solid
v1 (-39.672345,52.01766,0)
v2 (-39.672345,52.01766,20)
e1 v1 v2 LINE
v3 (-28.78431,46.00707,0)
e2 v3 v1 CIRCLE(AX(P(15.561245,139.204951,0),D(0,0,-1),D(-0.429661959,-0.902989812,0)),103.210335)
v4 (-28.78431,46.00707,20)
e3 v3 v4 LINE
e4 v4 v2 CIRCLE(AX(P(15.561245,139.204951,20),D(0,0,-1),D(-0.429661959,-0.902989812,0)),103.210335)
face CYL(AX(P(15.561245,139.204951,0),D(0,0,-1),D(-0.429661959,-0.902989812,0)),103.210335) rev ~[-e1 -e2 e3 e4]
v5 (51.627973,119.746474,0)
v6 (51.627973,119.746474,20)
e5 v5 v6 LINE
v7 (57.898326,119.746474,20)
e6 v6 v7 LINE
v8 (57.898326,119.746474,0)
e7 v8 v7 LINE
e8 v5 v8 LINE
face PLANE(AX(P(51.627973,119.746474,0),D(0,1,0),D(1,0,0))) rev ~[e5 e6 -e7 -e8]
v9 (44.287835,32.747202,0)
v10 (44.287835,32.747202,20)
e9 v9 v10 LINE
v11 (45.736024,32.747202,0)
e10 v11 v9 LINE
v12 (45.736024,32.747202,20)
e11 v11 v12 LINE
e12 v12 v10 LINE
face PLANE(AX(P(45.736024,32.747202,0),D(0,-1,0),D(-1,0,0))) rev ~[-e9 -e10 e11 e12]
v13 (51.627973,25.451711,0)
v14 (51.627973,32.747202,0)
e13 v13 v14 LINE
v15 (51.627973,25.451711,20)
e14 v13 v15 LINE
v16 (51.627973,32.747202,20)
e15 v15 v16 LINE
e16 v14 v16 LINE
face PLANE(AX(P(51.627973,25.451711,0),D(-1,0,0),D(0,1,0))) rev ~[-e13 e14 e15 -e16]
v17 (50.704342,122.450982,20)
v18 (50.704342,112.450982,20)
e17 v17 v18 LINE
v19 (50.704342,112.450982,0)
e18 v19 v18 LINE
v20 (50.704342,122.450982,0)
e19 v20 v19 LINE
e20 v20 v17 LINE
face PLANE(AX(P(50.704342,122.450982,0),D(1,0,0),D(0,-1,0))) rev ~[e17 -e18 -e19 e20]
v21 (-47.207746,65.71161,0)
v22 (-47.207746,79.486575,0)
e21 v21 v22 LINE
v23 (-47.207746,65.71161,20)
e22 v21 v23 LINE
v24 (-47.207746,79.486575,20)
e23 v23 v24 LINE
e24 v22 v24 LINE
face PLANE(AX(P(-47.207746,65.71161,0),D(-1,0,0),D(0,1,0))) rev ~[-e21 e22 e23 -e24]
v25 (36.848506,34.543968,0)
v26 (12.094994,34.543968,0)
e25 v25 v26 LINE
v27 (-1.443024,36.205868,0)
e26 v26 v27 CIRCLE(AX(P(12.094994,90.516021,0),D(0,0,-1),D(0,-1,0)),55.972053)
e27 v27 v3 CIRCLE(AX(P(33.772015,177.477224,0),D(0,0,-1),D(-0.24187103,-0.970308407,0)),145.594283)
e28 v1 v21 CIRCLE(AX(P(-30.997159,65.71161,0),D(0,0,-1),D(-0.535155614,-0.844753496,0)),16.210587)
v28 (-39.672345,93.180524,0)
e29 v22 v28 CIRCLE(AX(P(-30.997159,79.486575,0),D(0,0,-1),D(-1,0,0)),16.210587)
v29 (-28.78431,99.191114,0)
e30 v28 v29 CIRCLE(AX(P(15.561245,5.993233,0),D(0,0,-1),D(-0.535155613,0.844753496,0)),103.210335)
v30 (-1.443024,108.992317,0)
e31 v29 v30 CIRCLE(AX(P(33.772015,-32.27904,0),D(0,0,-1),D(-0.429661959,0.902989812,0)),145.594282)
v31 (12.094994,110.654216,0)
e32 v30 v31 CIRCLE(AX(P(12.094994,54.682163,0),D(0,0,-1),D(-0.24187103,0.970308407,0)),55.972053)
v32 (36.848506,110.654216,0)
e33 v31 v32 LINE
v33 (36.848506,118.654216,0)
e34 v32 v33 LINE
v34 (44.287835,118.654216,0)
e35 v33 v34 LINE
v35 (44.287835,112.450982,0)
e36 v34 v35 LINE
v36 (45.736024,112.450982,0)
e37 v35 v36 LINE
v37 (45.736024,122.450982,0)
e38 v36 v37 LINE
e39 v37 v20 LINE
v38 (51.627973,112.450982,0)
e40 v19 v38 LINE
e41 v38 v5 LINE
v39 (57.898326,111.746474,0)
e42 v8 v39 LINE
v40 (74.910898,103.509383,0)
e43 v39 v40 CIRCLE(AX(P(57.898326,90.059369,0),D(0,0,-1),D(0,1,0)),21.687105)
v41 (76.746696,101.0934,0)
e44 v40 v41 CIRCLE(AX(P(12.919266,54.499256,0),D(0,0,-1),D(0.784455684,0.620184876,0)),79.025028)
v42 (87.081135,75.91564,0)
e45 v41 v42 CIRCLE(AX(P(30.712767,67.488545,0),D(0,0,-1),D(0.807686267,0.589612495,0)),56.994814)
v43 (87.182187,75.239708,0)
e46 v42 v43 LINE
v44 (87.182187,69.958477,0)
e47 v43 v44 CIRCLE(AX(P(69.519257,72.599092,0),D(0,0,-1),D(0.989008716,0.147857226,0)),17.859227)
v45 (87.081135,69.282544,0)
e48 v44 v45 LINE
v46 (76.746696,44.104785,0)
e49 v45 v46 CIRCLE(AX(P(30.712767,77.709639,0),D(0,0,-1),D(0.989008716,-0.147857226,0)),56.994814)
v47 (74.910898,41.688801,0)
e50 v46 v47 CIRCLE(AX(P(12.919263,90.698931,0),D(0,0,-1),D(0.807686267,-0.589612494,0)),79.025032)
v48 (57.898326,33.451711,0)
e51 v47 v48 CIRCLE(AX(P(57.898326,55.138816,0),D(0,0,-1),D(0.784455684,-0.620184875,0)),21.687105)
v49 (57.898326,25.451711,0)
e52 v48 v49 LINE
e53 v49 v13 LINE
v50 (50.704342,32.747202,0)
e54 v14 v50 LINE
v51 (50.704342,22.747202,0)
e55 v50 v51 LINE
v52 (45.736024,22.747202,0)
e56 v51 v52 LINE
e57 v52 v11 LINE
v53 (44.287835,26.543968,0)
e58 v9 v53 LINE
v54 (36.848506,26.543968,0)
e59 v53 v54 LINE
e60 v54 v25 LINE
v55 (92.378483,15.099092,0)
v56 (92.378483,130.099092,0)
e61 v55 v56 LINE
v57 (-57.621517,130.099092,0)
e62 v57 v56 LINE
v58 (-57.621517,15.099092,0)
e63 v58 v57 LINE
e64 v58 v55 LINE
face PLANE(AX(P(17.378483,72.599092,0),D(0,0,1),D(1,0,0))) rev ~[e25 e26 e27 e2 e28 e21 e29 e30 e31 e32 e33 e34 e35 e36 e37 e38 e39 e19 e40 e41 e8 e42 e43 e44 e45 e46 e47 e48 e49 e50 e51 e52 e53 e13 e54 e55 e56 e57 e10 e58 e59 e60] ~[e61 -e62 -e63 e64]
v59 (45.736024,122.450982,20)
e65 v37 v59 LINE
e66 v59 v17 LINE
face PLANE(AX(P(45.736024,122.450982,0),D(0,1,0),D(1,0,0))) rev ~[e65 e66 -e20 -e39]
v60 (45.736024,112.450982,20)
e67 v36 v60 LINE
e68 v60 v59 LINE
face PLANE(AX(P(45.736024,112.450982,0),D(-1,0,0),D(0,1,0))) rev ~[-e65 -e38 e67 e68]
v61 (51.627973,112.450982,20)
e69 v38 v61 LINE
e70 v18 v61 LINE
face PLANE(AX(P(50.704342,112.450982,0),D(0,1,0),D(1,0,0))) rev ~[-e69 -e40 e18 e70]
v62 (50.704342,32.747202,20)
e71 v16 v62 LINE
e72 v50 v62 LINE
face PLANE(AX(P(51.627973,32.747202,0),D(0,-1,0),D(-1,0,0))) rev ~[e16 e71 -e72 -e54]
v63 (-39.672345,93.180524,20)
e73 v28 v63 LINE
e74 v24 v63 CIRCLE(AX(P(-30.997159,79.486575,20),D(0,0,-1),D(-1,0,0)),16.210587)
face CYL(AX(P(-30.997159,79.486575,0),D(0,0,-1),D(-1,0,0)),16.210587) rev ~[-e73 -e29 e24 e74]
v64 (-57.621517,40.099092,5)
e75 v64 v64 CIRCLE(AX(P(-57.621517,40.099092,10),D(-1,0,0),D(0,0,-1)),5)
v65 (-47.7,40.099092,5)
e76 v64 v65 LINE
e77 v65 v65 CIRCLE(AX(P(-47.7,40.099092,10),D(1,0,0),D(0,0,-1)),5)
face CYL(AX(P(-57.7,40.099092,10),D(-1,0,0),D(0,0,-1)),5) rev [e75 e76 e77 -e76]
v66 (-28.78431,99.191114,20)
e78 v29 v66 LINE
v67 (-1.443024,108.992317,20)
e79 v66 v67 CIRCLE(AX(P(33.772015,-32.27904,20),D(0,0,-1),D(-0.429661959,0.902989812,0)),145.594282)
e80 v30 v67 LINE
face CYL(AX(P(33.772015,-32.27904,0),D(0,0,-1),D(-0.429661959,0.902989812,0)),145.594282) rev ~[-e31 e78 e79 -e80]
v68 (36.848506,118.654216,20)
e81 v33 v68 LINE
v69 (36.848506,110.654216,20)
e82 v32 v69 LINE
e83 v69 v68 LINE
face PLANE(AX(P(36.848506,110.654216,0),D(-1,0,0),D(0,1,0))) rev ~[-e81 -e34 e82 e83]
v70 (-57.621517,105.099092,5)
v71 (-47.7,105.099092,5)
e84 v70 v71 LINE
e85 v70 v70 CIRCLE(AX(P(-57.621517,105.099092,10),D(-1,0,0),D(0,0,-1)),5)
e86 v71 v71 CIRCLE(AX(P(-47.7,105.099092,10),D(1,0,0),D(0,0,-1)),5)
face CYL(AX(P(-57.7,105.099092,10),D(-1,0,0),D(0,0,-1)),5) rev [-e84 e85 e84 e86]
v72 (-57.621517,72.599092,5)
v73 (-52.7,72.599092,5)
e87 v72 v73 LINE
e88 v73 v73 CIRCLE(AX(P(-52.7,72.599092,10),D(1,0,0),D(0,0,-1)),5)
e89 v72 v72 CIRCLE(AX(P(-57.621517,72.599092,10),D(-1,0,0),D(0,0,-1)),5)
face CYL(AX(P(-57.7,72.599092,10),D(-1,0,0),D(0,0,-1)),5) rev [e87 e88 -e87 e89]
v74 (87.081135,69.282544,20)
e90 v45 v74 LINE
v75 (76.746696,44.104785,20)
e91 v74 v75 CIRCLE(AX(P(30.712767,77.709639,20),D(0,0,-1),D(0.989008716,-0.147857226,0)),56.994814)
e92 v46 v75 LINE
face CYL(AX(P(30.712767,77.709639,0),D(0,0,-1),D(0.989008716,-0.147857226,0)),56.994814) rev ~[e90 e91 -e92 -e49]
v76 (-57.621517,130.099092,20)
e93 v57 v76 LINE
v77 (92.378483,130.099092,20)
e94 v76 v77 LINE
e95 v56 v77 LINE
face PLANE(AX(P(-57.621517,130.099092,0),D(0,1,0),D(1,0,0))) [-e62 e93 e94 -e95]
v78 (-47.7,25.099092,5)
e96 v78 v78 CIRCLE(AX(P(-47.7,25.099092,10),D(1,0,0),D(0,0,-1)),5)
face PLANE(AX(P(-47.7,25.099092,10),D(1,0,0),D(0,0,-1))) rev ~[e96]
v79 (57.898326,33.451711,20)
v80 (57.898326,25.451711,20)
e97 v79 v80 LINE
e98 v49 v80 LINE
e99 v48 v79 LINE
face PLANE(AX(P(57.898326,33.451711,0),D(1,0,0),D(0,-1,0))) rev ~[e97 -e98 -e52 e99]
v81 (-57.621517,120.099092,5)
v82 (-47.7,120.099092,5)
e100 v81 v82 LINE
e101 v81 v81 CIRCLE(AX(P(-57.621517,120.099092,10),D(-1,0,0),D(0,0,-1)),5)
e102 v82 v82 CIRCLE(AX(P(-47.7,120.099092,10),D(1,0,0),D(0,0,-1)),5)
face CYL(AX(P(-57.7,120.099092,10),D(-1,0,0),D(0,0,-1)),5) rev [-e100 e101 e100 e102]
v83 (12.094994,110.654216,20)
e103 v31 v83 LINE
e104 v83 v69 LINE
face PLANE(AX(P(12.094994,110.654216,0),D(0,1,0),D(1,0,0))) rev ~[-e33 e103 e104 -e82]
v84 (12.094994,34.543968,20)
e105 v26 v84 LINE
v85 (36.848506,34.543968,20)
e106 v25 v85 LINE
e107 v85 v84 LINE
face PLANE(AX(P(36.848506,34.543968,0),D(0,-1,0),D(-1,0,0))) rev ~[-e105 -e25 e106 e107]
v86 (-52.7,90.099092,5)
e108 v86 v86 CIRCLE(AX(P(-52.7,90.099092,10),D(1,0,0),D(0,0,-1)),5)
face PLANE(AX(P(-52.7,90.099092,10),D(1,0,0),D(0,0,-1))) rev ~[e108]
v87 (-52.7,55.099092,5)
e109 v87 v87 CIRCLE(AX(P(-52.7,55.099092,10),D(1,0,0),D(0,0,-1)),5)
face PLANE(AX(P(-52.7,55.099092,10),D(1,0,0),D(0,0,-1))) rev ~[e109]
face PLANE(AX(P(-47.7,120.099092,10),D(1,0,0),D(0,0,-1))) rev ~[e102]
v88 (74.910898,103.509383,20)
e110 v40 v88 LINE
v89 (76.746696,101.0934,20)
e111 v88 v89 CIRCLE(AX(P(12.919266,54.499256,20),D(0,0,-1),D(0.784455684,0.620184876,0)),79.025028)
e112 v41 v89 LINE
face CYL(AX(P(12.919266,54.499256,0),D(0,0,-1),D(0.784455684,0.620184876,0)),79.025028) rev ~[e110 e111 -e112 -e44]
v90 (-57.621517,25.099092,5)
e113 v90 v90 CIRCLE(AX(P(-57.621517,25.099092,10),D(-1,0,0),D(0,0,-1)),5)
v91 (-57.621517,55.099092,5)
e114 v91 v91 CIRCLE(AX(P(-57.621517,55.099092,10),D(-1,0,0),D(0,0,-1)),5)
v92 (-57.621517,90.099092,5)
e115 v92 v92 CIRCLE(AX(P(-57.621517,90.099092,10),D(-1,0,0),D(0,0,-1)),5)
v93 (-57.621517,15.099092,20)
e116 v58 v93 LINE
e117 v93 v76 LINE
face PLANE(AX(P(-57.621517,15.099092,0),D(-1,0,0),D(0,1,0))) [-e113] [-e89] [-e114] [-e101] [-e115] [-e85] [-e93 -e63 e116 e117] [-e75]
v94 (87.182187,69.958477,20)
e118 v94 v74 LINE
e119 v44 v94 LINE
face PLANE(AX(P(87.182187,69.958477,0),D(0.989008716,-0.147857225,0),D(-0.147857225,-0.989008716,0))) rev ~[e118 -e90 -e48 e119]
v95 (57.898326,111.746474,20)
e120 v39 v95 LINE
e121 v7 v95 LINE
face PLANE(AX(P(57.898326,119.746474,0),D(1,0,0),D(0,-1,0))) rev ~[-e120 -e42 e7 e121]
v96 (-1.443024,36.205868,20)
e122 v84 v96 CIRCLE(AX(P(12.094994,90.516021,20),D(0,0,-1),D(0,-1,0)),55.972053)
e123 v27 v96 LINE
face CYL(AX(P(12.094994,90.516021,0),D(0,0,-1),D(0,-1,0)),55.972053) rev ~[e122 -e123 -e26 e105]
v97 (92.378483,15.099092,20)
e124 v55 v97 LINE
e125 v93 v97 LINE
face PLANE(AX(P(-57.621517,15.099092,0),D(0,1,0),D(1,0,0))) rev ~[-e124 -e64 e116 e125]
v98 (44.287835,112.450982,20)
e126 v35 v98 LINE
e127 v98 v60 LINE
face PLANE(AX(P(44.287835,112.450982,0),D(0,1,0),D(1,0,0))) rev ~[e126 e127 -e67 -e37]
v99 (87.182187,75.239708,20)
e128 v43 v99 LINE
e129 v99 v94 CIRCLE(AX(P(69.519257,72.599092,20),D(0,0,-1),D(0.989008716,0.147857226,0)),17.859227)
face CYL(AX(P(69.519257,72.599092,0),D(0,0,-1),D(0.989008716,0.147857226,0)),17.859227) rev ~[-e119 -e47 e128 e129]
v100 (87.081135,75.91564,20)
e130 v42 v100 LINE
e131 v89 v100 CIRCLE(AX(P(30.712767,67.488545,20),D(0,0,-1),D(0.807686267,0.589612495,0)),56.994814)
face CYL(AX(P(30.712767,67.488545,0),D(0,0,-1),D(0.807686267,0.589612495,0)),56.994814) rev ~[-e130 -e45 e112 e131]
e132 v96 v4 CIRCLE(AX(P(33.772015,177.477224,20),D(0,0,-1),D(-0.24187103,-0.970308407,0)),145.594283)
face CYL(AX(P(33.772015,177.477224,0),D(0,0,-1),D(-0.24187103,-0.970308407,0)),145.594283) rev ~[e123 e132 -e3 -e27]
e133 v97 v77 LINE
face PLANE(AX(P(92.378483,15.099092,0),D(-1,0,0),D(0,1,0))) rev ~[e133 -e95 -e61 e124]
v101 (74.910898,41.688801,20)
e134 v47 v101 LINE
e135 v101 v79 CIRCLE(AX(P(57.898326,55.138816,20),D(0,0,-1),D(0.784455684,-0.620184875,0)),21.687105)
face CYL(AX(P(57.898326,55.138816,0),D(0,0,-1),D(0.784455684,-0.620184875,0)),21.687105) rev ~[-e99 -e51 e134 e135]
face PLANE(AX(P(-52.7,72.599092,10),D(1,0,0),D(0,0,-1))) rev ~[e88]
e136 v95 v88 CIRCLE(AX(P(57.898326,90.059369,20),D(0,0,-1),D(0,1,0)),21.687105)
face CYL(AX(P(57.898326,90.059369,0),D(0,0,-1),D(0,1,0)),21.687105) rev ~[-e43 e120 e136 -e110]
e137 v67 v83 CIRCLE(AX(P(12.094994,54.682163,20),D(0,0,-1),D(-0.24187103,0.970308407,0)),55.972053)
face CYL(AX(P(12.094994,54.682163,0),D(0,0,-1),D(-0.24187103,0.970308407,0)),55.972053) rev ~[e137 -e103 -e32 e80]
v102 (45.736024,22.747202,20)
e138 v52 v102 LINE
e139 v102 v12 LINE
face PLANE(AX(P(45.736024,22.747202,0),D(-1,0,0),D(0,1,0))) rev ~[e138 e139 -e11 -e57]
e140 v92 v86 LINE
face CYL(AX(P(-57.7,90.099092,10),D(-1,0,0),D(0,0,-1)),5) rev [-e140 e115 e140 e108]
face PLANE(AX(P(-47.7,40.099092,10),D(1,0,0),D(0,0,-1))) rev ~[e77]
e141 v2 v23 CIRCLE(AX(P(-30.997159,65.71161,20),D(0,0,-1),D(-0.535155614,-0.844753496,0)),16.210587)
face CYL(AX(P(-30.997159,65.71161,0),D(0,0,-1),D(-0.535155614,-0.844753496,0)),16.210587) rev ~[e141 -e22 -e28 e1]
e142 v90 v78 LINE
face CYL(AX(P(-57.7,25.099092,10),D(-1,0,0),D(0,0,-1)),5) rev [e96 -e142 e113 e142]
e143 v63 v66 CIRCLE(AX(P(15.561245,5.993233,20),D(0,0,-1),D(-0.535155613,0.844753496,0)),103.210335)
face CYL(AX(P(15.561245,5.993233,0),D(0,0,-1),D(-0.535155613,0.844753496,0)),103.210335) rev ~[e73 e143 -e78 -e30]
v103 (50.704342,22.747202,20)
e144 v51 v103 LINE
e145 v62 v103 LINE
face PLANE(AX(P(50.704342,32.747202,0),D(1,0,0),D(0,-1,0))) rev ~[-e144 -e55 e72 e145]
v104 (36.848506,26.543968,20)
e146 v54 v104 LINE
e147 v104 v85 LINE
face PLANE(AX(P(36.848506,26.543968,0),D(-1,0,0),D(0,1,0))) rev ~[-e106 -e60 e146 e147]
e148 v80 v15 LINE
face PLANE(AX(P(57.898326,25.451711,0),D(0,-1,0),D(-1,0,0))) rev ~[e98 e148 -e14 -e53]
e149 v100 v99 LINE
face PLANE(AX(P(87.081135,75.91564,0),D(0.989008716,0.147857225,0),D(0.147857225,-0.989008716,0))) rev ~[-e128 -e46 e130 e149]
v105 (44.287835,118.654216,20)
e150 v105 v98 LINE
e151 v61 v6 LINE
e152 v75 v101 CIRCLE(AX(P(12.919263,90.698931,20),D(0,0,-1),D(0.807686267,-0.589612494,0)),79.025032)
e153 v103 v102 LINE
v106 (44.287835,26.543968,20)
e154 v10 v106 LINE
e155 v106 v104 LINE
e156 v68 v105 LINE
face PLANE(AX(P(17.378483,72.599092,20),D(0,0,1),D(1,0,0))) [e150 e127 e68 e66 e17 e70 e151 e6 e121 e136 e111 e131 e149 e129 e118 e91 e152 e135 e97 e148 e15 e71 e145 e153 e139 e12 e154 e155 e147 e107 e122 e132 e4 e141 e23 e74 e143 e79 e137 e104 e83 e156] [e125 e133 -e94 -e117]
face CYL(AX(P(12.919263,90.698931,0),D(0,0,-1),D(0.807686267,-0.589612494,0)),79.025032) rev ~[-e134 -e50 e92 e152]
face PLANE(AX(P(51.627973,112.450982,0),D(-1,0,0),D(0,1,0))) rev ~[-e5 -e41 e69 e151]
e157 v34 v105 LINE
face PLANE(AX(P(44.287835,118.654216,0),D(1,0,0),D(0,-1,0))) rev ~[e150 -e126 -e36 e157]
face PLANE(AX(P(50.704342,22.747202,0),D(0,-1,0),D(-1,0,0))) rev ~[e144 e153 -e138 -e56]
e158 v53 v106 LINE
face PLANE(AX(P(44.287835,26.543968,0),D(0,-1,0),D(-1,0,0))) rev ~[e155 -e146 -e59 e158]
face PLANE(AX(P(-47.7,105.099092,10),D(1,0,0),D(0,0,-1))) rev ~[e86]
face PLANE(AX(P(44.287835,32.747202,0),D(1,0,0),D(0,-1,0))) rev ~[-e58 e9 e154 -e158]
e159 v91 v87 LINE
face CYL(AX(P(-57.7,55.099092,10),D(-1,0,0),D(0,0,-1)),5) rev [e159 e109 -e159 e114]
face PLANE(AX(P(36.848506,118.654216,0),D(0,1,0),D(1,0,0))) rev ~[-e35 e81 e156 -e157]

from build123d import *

# Parameters (mm, degrees)
SKETCH_4_W          = 150
SKETCH_4_H          = 115
EXTRUDE_1_DEPTH     = 20
CUT_EXTRUDE_1_DEPTH = 20
SKETCH_6_R          = 5
CUT_EXTRUDE_7_DEPTH = 10
SKETCH_9_R          = 5
CUT_EXTRUDE_8_DEPTH = 5
SKETCH_11_R         = 5
CUT_EXTRUDE_9_DEPTH = 5


with BuildPart() as part:
    # 草圖4 → 填料-伸長1 (new body)
    with BuildSketch(Plane.XY):
        with Locations((17.378483322, 72.59909222)):
            Rectangle(SKETCH_4_W, SKETCH_4_H)
    extrude(amount=EXTRUDE_1_DEPTH)

    # 草圖2 → 除料-伸長1 (cut)
    with BuildSketch(Plane.XY):
        with BuildLine():
            Line((-47.207745562, 65.711609892), (-47.207745562, 79.486574548))
            ThreePointArc((-47.207745562, 79.486574548), (-45.199499918, 87.30172842), (-39.672345291, 93.180524415))
            ThreePointArc((-39.672345291, 93.180524415), (-34.318944815, 96.349970124), (-28.784309893, 99.191114091))
            ThreePointArc((-28.784309893, 99.191114091), (-15.358686248, 104.775217116), (-1.443024263, 108.992316634))
            ThreePointArc((-1.443024263, 108.992316634), (5.275172672, 110.237187628), (12.094993869, 110.654216049))
            Line((12.094993869, 110.654216049), (33.772014803, 110.654216049))
            Line((33.772014803, 110.654216049), (36.848505718, 110.654216049))
            Line((36.848505718, 110.654216049), (36.848505718, 118.654216049))
            Line((36.848505718, 118.654216049), (44.287834674, 118.654216049))
            Line((44.287834674, 118.654216049), (44.287834674, 112.450982223))
            Line((44.287834674, 112.450982223), (45.736024045, 112.450982223))
            Line((45.736024045, 112.450982223), (45.736024045, 122.450982223))
            Line((45.736024045, 122.450982223), (50.704341659, 122.450982223))
            Line((50.704341659, 122.450982223), (50.704341659, 112.450982223))
            Line((50.704341659, 112.450982223), (51.627972578, 112.450982223))
            Line((51.627972578, 112.450982223), (51.627972578, 119.746473649))
            Line((51.627972578, 119.746473649), (57.89832581, 119.746473649))
            Line((57.89832581, 119.746473649), (57.89832581, 111.746473649))
            ThreePointArc((57.89832581, 111.746473649), (67.349215797, 109.578876862), (74.910898446, 103.509383234))
            ThreePointArc((74.910898446, 103.509383234), (75.840394113, 102.31020351), (76.746696007, 101.093399876))
            ThreePointArc((76.746696007, 101.093399876), (83.438828083, 89.130434251), (87.081135301, 75.915640404))
            Line((87.081135301, 75.915640404), (87.182187493, 75.239707939))
            ThreePointArc((87.182187493, 75.239707939), (87.378483322, 72.59909222), (87.182187493, 69.958476501))
            Line((87.182187493, 69.958476501), (87.081135301, 69.282544036))
            ThreePointArc((87.081135301, 69.282544036), (83.438828083, 56.06775019), (76.746696007, 44.104784564))
            ThreePointArc((76.746696007, 44.104784564), (75.840394113, 42.887980931), (74.910898446, 41.688801206))
            ThreePointArc((74.910898446, 41.688801206), (67.349215797, 35.619307578), (57.89832581, 33.451710791))
            Line((57.89832581, 33.451710791), (57.89832581, 25.451710791))
            Line((57.89832581, 25.451710791), (51.627972578, 25.451710791))
            Line((51.627972578, 25.451710791), (51.627972578, 32.747202217))
            Line((51.627972578, 32.747202217), (50.704341659, 32.747202217))
            Line((50.704341659, 32.747202217), (50.704341659, 22.747202217))
            Line((50.704341659, 22.747202217), (45.736024045, 22.747202217))
            Line((45.736024045, 22.747202217), (45.736024045, 32.747202217))
            Line((45.736024045, 32.747202217), (44.287834674, 32.747202217))
            Line((44.287834674, 32.747202217), (44.287834674, 26.543968391))
            Line((44.287834674, 26.543968391), (36.848505718, 26.543968391))
            Line((36.848505718, 26.543968391), (36.848505718, 34.543968391))
            Line((36.848505718, 34.543968391), (33.772014803, 34.543968391))
            Line((33.772014803, 34.543968391), (12.094993869, 34.543968391))
            ThreePointArc((12.094993869, 34.543968391), (5.275172672, 34.960996812), (-1.443024263, 36.205867806))
            ThreePointArc((-1.443024263, 36.205867806), (-15.358686248, 40.422967325), (-28.784309893, 46.007070349))
            ThreePointArc((-28.784309893, 46.007070349), (-34.318944815, 48.848214316), (-39.672345291, 52.017660026))
            ThreePointArc((-39.672345291, 52.017660026), (-45.199499918, 57.89645602), (-47.207745562, 65.711609892))
        make_face()
    extrude(amount=CUT_EXTRUDE_1_DEPTH, mode=Mode.SUBTRACT)

    # 草圖6 → 除料-伸長7 (cut)
    with BuildSketch(Plane(origin=(-57.7, 0, 0), x_dir=(0, 0, -1), z_dir=(1, 0, 0))):
        with Locations((-10, 120.09909222)):
            Circle(SKETCH_6_R)
        with Locations((-10, 105.09909222)):
            Circle(SKETCH_6_R)
        with Locations((-10, 40.09909222)):
            Circle(SKETCH_6_R)
        with Locations((-10, 25.09909222)):
            Circle(SKETCH_6_R)
    extrude(amount=CUT_EXTRUDE_7_DEPTH, mode=Mode.SUBTRACT)

    # 草圖9 → 除料-伸長8 (cut)
    with BuildSketch(Plane(origin=(-57.7, 0, 0), x_dir=(0, 0, -1), z_dir=(1, 0, 0))):
        with Locations((-10, 90.09909222)):
            Circle(SKETCH_9_R)
        with Locations((-10, 55.09909222)):
            Circle(SKETCH_9_R)
    extrude(amount=CUT_EXTRUDE_8_DEPTH, mode=Mode.SUBTRACT)

    # 草圖11 → 除料-伸長9 (cut)
    with BuildSketch(Plane(origin=(-57.7, 0, 0), x_dir=(0, 0, -1), z_dir=(1, 0, 0))):
        with Locations((-10, 72.59909222)):
            Circle(SKETCH_11_R)
    extrude(amount=CUT_EXTRUDE_9_DEPTH, mode=Mode.SUBTRACT)


solid = part.part
